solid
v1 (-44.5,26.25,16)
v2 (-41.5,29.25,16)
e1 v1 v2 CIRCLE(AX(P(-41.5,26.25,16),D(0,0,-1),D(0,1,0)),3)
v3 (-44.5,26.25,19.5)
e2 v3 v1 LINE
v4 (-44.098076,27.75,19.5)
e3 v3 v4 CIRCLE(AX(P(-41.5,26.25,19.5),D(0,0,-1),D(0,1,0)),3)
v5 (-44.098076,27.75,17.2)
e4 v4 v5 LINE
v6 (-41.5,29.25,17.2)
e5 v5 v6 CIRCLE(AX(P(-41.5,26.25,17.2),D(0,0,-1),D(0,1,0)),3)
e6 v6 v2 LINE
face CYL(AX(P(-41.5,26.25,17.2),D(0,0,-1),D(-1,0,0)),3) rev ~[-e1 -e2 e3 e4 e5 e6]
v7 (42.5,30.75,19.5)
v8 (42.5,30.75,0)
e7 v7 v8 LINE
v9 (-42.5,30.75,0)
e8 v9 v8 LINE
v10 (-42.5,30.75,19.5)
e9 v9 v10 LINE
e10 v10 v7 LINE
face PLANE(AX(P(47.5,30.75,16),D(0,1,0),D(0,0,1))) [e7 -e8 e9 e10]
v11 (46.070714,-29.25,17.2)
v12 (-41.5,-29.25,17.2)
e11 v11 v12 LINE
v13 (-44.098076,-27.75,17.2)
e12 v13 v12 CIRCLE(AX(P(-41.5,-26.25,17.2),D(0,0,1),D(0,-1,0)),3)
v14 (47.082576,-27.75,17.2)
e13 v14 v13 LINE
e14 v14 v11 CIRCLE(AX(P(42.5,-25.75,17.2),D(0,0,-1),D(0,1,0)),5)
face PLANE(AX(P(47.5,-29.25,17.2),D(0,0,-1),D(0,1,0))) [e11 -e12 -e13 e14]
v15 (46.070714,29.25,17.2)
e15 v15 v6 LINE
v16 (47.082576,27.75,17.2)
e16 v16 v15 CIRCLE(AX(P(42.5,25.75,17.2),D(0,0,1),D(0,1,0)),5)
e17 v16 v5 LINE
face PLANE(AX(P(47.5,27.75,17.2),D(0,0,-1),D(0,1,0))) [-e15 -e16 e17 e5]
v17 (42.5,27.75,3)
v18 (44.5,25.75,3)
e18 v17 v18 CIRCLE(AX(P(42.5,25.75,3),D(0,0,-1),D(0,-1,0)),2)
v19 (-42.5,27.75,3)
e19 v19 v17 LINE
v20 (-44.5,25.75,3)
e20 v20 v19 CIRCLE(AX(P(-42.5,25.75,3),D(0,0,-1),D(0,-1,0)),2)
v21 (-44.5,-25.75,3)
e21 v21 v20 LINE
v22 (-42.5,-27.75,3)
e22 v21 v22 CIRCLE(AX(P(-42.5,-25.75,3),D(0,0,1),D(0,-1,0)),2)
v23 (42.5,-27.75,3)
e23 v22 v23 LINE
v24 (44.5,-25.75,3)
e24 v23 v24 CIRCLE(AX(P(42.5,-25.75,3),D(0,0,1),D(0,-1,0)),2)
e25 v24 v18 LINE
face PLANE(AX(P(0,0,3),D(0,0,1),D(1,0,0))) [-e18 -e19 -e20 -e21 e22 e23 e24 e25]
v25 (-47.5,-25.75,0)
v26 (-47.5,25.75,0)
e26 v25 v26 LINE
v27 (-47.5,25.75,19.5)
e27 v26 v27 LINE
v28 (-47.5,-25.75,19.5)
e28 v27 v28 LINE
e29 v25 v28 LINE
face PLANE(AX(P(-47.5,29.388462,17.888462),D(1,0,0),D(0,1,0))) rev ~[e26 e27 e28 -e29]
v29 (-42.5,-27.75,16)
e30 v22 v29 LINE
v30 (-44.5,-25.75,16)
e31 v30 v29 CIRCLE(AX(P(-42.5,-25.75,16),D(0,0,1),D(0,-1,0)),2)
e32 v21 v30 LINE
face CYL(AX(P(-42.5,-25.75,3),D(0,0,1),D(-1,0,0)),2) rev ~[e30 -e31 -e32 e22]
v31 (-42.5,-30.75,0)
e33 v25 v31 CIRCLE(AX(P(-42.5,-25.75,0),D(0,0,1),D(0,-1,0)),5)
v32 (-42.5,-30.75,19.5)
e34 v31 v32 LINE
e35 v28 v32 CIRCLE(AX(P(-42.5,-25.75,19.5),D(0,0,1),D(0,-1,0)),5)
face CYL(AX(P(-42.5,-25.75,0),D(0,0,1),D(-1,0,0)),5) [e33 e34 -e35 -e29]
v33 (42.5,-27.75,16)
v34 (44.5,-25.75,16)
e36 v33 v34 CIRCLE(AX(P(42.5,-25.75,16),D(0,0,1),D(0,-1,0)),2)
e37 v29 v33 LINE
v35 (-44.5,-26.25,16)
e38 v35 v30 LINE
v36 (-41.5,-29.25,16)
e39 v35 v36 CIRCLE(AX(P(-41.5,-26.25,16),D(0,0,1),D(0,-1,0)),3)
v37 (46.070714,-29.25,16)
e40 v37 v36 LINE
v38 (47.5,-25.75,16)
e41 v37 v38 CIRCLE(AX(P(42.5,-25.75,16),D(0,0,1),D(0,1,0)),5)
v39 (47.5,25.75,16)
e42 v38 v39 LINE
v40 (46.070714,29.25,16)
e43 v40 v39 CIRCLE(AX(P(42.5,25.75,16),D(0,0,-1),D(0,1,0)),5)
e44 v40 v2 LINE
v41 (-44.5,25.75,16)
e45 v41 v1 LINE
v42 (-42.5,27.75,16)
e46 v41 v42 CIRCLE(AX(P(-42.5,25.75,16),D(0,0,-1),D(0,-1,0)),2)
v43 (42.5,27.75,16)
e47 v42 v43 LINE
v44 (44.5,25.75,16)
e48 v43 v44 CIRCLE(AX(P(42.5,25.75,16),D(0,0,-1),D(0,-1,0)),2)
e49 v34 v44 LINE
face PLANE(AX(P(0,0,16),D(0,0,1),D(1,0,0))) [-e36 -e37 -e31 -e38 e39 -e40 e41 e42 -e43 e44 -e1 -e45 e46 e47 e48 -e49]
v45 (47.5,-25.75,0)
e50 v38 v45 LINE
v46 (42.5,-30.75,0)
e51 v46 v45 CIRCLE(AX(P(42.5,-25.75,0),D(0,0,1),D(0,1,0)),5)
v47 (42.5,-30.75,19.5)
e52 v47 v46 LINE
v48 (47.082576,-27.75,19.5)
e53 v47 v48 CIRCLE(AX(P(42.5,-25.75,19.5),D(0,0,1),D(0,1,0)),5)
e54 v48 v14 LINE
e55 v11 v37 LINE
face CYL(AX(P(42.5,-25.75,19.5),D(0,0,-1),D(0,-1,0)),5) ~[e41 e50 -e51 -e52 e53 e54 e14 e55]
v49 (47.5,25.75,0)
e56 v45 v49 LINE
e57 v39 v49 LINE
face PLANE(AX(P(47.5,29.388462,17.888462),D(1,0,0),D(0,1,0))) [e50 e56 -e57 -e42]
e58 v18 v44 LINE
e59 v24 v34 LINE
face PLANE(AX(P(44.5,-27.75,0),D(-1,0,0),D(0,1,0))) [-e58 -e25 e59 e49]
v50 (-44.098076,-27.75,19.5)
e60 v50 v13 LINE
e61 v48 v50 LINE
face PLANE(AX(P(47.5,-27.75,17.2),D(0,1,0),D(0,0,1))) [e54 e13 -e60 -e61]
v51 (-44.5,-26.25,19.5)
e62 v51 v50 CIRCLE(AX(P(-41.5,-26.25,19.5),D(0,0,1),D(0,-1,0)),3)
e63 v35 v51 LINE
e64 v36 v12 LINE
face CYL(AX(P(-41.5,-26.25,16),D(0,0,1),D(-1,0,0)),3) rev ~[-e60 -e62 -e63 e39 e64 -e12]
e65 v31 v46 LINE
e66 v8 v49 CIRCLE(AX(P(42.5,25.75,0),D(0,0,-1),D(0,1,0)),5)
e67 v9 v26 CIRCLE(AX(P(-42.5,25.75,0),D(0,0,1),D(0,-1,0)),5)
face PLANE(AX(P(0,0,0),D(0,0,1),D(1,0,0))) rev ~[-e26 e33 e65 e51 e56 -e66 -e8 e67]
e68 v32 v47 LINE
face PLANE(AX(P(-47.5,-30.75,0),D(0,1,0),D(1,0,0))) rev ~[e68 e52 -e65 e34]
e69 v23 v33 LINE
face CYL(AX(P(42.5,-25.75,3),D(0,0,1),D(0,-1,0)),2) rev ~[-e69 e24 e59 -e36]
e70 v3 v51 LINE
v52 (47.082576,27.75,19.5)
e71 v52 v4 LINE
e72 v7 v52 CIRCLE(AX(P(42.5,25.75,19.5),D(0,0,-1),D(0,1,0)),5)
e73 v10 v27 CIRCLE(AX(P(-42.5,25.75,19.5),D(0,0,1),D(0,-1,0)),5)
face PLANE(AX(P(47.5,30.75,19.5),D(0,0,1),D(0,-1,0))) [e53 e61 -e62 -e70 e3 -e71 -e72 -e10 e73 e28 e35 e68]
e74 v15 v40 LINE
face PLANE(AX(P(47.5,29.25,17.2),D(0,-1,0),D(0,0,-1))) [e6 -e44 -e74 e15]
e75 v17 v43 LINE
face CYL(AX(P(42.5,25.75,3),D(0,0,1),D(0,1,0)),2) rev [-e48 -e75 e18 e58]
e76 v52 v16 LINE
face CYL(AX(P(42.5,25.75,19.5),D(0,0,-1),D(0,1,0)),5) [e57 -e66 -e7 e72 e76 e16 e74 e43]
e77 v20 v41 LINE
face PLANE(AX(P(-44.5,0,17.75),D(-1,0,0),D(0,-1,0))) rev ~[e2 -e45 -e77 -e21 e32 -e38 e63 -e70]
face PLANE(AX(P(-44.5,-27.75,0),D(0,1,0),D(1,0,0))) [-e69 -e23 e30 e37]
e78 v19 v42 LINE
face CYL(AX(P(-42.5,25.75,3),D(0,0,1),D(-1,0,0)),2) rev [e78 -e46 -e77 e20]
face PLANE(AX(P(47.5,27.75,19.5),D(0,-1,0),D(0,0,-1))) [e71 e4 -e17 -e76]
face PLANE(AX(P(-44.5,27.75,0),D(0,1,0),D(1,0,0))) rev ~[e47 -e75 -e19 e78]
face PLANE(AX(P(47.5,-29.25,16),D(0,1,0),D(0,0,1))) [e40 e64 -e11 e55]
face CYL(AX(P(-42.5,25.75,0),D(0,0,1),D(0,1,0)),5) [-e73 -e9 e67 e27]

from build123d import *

# Parameters (mm, degrees)
F0_W     = 89
F0_H     = 55.5
F1_DEPTH = 3
F0_W_2   = 95
F0_H_2   = 61.5
F2_DEPTH = 16
F4_DEPTH = 95
F5_W     = 61.5
F5_H     = 3.5
F6_DEPTH = 3
F7_R     = 5
F8_R     = 2
F9_R     = 3


with BuildPart() as f1:
    # F0 (on Top) → F1 (new body)
    with BuildSketch(Plane.XY):
        Rectangle(F0_W, F0_H)
    extrude(amount=F1_DEPTH)

    # F0 (on Top) → F2 (join)
    with BuildSketch(Plane.XY):
        Rectangle(F0_W_2, F0_H_2)
        Rectangle(F0_W, F0_H, mode=Mode.SUBTRACT)
    extrude(amount=F2_DEPTH)

    # F3 (on face) → F4 (join, through all)
    with BuildSketch(Plane.YZ.offset(47.5)):
        Polygon((29.25, 16), (30.75, 16), (30.75, 19.5), (27.75, 19.5), (27.75, 17.2), (29.25, 17.2), align=None)
        Polygon((-29.25, 17.2), (-27.75, 17.2), (-27.75, 19.5), (-30.75, 19.5), (-30.75, 16), (-29.25, 16), align=None)
    extrude(amount=-F4_DEPTH)

    # F5 (on face) → F6 (join)
    with BuildSketch(Plane(origin=(-47.5, 0, 0), x_dir=(0, -1, 0), z_dir=(-1, 0, 0))):
        with Locations((0, 17.75)):
            Rectangle(F5_W, F5_H)
    extrude(amount=-F6_DEPTH)

    # F7
    f7_edges = [f1.edges().sort_by_distance(p)[0] for p in [
        (47.5, -30.75, 9.75),
        (-47.5, -30.75, 9.75),
        (47.5, 30.75, 9.75),
        (-47.5, 30.75, 9.75),
    ]]
    fillet(f7_edges, radius=F7_R)

    # F8
    f8_edges = [f1.edges().sort_by_distance(p)[0] for p in [
        (-44.5, 27.75, 9.5),
        (-44.5, -27.75, 9.5),
        (44.5, -27.75, 9.5),
        (44.5, 27.75, 9.5),
    ]]
    fillet(f8_edges, radius=F8_R)

    # F9
    f9_edges = [f1.edges().sort_by_distance(p)[0] for p in [
        (-44.5, -29.25, 16.6),
        (-44.5, 29.25, 16.6),
    ]]
    fillet(f9_edges, radius=F9_R)


solid = f1.part
